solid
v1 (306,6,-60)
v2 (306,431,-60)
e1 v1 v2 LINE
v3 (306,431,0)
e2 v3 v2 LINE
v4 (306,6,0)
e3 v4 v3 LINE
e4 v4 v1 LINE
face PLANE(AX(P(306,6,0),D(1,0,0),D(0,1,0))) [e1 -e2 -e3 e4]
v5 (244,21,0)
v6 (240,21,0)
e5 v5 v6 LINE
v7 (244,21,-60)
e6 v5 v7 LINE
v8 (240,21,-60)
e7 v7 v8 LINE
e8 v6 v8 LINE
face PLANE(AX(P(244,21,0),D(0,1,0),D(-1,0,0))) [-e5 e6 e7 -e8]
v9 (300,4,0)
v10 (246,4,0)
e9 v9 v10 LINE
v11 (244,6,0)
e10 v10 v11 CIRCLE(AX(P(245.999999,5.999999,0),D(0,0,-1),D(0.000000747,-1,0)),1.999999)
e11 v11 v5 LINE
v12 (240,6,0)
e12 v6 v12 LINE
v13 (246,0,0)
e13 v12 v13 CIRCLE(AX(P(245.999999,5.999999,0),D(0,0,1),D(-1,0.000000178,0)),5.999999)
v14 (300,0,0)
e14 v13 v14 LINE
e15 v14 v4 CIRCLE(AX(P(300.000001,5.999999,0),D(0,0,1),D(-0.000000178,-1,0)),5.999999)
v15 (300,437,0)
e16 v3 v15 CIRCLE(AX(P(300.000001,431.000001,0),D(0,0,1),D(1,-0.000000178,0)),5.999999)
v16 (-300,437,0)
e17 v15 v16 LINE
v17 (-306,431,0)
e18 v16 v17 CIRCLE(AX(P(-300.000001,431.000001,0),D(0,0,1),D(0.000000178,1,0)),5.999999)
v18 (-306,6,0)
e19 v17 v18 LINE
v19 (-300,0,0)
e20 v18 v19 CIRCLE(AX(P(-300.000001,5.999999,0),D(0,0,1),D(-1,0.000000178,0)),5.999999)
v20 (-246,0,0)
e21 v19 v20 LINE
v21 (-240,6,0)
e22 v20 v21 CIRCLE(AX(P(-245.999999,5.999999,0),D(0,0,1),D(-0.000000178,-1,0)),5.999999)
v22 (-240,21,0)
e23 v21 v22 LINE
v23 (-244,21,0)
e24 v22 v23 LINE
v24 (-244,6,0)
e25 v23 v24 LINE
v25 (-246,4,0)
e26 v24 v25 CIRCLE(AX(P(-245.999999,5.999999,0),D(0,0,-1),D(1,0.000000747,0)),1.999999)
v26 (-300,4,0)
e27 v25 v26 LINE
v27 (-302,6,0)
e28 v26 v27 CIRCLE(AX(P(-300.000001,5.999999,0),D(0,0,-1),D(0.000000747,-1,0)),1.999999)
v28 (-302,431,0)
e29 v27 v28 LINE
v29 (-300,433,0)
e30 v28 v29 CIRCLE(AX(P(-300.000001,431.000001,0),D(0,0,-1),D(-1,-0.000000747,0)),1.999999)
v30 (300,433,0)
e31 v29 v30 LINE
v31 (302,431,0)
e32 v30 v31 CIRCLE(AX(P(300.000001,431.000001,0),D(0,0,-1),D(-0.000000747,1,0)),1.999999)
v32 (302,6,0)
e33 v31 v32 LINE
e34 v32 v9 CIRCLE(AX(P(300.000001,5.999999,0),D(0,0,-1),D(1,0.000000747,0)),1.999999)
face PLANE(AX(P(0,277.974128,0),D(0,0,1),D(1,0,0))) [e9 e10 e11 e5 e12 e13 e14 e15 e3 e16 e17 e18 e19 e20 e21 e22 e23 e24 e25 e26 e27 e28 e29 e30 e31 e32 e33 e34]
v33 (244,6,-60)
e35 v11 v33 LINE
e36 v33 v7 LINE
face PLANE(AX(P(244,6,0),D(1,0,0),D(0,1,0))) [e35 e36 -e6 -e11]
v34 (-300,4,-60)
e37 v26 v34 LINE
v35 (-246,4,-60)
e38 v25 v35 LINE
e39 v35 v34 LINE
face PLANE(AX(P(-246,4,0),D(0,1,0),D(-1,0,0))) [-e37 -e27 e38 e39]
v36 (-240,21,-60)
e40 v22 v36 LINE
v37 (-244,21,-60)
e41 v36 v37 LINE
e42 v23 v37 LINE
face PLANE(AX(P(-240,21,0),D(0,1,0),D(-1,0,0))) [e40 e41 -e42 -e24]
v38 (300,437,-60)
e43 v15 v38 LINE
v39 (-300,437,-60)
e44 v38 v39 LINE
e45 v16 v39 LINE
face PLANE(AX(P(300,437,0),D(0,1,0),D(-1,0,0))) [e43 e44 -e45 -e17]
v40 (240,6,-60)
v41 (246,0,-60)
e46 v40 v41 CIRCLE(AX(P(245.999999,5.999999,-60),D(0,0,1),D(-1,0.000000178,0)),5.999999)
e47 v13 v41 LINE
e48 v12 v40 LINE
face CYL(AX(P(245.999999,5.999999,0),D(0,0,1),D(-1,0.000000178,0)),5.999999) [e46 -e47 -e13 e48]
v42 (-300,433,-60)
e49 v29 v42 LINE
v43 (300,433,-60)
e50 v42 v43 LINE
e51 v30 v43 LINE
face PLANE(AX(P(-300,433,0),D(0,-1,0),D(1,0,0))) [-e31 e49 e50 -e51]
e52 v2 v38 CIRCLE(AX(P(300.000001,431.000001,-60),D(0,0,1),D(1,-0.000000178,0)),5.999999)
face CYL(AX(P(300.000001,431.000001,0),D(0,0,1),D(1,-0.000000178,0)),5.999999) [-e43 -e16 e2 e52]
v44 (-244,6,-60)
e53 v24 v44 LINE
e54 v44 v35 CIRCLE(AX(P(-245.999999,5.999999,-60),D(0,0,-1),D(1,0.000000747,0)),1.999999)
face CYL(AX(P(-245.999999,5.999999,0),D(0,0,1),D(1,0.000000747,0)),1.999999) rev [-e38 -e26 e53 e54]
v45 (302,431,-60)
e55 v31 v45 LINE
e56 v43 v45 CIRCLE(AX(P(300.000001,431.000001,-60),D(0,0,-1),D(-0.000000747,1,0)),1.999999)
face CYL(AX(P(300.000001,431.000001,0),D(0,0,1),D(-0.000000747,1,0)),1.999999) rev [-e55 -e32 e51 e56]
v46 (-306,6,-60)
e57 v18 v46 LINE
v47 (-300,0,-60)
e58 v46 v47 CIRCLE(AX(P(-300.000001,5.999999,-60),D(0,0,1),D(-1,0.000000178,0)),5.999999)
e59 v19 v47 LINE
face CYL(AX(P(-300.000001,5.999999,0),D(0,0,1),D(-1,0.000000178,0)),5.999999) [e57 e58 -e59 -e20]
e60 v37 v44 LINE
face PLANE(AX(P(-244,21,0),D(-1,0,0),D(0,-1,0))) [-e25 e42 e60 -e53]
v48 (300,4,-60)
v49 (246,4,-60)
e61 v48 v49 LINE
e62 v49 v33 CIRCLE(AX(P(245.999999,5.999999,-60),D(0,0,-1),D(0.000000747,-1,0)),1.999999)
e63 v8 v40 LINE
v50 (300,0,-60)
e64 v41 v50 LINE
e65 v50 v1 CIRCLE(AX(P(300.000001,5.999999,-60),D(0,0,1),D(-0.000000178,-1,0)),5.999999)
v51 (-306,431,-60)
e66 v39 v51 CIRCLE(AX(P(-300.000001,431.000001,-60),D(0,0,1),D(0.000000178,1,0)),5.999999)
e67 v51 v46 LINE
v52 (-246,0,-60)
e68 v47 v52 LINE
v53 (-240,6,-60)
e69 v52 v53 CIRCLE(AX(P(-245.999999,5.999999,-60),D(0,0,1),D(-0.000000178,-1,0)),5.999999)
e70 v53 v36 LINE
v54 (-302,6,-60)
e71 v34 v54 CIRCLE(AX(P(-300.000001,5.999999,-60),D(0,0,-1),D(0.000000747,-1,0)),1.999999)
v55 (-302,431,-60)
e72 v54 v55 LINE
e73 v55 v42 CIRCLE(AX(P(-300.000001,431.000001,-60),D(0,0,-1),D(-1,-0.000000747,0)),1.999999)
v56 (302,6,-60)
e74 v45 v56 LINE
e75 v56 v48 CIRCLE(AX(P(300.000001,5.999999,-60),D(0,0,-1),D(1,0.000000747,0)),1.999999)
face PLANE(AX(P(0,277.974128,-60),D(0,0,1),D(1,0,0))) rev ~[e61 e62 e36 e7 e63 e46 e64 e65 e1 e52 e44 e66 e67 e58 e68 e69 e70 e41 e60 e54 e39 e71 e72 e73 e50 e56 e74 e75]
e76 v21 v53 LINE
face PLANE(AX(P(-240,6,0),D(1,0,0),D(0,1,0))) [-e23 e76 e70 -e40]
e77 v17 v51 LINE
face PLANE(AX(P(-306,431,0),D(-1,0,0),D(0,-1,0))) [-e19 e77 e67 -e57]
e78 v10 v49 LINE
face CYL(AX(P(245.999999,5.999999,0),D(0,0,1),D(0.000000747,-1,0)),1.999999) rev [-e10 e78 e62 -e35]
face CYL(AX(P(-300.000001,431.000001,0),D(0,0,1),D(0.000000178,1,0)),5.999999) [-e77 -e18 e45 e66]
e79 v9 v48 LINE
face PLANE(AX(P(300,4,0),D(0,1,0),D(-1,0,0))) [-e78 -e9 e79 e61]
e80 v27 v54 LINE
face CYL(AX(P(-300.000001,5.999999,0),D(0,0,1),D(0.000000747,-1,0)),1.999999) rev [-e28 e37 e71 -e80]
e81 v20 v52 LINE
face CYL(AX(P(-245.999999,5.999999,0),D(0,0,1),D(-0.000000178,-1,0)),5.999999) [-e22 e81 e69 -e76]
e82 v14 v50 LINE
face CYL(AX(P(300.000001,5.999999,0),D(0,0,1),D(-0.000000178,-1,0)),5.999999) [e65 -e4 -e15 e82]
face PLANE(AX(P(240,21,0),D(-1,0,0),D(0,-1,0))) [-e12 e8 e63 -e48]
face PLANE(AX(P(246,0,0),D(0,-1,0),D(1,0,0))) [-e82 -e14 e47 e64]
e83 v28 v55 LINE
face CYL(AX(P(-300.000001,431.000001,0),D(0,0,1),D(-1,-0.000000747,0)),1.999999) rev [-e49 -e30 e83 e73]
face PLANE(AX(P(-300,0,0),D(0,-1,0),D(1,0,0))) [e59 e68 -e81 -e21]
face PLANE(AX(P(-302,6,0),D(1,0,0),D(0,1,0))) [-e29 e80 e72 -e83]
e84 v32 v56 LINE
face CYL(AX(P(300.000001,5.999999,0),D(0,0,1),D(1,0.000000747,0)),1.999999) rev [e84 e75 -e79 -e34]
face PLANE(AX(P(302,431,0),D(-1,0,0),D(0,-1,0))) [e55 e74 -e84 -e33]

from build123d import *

# Parameters (mm, degrees)
F1_DEPTH = 60


with BuildPart() as f1:
    # F0 (on Top) → F1 (new body)
    with BuildSketch(Plane.XY):
        with BuildLine():
            ThreePointArc((-306, 6), (-304.242641, 1.757359), (-300, 0))
            Line((-300, 0), (-246, 0))
            ThreePointArc((-246, 0), (-241.757359, 1.757359), (-240, 6))
            Line((-240, 6), (-240, 21))
            Line((-240, 21), (-244, 21))
            Line((-244, 21), (-244, 6))
            ThreePointArc((-244, 6), (-244.585786, 4.585786), (-246, 4))
            Line((-246, 4), (-300, 4))
            ThreePointArc((-300, 4), (-301.414214, 4.585786), (-302, 6))
            Line((-302, 6), (-302, 431))
            ThreePointArc((-302, 431), (-301.414214, 432.414214), (-300, 433))
            Line((-300, 433), (300, 433))
            ThreePointArc((300, 433), (301.414214, 432.414214), (302, 431))
            Line((302, 431), (302, 6))
            ThreePointArc((302, 6), (301.414214, 4.585786), (300, 4))
            Line((300, 4), (246, 4))
            ThreePointArc((246, 4), (244.585786, 4.585786), (244, 6))
            Line((244, 6), (244, 21))
            Line((244, 21), (240, 21))
            Line((240, 21), (240, 6))
            ThreePointArc((240, 6), (241.757359, 1.757359), (246, 0))
            Line((246, 0), (300, 0))
            ThreePointArc((300, 0), (304.242641, 1.757359), (306, 6))
            Line((306, 6), (306, 431))
            ThreePointArc((306, 431), (304.242641, 435.242641), (300, 437))
            Line((300, 437), (-300, 437))
            ThreePointArc((-300, 437), (-304.242641, 435.242641), (-306, 431))
            Line((-306, 431), (-306, 6))
        make_face()
    extrude(amount=-F1_DEPTH)


solid = f1.part
